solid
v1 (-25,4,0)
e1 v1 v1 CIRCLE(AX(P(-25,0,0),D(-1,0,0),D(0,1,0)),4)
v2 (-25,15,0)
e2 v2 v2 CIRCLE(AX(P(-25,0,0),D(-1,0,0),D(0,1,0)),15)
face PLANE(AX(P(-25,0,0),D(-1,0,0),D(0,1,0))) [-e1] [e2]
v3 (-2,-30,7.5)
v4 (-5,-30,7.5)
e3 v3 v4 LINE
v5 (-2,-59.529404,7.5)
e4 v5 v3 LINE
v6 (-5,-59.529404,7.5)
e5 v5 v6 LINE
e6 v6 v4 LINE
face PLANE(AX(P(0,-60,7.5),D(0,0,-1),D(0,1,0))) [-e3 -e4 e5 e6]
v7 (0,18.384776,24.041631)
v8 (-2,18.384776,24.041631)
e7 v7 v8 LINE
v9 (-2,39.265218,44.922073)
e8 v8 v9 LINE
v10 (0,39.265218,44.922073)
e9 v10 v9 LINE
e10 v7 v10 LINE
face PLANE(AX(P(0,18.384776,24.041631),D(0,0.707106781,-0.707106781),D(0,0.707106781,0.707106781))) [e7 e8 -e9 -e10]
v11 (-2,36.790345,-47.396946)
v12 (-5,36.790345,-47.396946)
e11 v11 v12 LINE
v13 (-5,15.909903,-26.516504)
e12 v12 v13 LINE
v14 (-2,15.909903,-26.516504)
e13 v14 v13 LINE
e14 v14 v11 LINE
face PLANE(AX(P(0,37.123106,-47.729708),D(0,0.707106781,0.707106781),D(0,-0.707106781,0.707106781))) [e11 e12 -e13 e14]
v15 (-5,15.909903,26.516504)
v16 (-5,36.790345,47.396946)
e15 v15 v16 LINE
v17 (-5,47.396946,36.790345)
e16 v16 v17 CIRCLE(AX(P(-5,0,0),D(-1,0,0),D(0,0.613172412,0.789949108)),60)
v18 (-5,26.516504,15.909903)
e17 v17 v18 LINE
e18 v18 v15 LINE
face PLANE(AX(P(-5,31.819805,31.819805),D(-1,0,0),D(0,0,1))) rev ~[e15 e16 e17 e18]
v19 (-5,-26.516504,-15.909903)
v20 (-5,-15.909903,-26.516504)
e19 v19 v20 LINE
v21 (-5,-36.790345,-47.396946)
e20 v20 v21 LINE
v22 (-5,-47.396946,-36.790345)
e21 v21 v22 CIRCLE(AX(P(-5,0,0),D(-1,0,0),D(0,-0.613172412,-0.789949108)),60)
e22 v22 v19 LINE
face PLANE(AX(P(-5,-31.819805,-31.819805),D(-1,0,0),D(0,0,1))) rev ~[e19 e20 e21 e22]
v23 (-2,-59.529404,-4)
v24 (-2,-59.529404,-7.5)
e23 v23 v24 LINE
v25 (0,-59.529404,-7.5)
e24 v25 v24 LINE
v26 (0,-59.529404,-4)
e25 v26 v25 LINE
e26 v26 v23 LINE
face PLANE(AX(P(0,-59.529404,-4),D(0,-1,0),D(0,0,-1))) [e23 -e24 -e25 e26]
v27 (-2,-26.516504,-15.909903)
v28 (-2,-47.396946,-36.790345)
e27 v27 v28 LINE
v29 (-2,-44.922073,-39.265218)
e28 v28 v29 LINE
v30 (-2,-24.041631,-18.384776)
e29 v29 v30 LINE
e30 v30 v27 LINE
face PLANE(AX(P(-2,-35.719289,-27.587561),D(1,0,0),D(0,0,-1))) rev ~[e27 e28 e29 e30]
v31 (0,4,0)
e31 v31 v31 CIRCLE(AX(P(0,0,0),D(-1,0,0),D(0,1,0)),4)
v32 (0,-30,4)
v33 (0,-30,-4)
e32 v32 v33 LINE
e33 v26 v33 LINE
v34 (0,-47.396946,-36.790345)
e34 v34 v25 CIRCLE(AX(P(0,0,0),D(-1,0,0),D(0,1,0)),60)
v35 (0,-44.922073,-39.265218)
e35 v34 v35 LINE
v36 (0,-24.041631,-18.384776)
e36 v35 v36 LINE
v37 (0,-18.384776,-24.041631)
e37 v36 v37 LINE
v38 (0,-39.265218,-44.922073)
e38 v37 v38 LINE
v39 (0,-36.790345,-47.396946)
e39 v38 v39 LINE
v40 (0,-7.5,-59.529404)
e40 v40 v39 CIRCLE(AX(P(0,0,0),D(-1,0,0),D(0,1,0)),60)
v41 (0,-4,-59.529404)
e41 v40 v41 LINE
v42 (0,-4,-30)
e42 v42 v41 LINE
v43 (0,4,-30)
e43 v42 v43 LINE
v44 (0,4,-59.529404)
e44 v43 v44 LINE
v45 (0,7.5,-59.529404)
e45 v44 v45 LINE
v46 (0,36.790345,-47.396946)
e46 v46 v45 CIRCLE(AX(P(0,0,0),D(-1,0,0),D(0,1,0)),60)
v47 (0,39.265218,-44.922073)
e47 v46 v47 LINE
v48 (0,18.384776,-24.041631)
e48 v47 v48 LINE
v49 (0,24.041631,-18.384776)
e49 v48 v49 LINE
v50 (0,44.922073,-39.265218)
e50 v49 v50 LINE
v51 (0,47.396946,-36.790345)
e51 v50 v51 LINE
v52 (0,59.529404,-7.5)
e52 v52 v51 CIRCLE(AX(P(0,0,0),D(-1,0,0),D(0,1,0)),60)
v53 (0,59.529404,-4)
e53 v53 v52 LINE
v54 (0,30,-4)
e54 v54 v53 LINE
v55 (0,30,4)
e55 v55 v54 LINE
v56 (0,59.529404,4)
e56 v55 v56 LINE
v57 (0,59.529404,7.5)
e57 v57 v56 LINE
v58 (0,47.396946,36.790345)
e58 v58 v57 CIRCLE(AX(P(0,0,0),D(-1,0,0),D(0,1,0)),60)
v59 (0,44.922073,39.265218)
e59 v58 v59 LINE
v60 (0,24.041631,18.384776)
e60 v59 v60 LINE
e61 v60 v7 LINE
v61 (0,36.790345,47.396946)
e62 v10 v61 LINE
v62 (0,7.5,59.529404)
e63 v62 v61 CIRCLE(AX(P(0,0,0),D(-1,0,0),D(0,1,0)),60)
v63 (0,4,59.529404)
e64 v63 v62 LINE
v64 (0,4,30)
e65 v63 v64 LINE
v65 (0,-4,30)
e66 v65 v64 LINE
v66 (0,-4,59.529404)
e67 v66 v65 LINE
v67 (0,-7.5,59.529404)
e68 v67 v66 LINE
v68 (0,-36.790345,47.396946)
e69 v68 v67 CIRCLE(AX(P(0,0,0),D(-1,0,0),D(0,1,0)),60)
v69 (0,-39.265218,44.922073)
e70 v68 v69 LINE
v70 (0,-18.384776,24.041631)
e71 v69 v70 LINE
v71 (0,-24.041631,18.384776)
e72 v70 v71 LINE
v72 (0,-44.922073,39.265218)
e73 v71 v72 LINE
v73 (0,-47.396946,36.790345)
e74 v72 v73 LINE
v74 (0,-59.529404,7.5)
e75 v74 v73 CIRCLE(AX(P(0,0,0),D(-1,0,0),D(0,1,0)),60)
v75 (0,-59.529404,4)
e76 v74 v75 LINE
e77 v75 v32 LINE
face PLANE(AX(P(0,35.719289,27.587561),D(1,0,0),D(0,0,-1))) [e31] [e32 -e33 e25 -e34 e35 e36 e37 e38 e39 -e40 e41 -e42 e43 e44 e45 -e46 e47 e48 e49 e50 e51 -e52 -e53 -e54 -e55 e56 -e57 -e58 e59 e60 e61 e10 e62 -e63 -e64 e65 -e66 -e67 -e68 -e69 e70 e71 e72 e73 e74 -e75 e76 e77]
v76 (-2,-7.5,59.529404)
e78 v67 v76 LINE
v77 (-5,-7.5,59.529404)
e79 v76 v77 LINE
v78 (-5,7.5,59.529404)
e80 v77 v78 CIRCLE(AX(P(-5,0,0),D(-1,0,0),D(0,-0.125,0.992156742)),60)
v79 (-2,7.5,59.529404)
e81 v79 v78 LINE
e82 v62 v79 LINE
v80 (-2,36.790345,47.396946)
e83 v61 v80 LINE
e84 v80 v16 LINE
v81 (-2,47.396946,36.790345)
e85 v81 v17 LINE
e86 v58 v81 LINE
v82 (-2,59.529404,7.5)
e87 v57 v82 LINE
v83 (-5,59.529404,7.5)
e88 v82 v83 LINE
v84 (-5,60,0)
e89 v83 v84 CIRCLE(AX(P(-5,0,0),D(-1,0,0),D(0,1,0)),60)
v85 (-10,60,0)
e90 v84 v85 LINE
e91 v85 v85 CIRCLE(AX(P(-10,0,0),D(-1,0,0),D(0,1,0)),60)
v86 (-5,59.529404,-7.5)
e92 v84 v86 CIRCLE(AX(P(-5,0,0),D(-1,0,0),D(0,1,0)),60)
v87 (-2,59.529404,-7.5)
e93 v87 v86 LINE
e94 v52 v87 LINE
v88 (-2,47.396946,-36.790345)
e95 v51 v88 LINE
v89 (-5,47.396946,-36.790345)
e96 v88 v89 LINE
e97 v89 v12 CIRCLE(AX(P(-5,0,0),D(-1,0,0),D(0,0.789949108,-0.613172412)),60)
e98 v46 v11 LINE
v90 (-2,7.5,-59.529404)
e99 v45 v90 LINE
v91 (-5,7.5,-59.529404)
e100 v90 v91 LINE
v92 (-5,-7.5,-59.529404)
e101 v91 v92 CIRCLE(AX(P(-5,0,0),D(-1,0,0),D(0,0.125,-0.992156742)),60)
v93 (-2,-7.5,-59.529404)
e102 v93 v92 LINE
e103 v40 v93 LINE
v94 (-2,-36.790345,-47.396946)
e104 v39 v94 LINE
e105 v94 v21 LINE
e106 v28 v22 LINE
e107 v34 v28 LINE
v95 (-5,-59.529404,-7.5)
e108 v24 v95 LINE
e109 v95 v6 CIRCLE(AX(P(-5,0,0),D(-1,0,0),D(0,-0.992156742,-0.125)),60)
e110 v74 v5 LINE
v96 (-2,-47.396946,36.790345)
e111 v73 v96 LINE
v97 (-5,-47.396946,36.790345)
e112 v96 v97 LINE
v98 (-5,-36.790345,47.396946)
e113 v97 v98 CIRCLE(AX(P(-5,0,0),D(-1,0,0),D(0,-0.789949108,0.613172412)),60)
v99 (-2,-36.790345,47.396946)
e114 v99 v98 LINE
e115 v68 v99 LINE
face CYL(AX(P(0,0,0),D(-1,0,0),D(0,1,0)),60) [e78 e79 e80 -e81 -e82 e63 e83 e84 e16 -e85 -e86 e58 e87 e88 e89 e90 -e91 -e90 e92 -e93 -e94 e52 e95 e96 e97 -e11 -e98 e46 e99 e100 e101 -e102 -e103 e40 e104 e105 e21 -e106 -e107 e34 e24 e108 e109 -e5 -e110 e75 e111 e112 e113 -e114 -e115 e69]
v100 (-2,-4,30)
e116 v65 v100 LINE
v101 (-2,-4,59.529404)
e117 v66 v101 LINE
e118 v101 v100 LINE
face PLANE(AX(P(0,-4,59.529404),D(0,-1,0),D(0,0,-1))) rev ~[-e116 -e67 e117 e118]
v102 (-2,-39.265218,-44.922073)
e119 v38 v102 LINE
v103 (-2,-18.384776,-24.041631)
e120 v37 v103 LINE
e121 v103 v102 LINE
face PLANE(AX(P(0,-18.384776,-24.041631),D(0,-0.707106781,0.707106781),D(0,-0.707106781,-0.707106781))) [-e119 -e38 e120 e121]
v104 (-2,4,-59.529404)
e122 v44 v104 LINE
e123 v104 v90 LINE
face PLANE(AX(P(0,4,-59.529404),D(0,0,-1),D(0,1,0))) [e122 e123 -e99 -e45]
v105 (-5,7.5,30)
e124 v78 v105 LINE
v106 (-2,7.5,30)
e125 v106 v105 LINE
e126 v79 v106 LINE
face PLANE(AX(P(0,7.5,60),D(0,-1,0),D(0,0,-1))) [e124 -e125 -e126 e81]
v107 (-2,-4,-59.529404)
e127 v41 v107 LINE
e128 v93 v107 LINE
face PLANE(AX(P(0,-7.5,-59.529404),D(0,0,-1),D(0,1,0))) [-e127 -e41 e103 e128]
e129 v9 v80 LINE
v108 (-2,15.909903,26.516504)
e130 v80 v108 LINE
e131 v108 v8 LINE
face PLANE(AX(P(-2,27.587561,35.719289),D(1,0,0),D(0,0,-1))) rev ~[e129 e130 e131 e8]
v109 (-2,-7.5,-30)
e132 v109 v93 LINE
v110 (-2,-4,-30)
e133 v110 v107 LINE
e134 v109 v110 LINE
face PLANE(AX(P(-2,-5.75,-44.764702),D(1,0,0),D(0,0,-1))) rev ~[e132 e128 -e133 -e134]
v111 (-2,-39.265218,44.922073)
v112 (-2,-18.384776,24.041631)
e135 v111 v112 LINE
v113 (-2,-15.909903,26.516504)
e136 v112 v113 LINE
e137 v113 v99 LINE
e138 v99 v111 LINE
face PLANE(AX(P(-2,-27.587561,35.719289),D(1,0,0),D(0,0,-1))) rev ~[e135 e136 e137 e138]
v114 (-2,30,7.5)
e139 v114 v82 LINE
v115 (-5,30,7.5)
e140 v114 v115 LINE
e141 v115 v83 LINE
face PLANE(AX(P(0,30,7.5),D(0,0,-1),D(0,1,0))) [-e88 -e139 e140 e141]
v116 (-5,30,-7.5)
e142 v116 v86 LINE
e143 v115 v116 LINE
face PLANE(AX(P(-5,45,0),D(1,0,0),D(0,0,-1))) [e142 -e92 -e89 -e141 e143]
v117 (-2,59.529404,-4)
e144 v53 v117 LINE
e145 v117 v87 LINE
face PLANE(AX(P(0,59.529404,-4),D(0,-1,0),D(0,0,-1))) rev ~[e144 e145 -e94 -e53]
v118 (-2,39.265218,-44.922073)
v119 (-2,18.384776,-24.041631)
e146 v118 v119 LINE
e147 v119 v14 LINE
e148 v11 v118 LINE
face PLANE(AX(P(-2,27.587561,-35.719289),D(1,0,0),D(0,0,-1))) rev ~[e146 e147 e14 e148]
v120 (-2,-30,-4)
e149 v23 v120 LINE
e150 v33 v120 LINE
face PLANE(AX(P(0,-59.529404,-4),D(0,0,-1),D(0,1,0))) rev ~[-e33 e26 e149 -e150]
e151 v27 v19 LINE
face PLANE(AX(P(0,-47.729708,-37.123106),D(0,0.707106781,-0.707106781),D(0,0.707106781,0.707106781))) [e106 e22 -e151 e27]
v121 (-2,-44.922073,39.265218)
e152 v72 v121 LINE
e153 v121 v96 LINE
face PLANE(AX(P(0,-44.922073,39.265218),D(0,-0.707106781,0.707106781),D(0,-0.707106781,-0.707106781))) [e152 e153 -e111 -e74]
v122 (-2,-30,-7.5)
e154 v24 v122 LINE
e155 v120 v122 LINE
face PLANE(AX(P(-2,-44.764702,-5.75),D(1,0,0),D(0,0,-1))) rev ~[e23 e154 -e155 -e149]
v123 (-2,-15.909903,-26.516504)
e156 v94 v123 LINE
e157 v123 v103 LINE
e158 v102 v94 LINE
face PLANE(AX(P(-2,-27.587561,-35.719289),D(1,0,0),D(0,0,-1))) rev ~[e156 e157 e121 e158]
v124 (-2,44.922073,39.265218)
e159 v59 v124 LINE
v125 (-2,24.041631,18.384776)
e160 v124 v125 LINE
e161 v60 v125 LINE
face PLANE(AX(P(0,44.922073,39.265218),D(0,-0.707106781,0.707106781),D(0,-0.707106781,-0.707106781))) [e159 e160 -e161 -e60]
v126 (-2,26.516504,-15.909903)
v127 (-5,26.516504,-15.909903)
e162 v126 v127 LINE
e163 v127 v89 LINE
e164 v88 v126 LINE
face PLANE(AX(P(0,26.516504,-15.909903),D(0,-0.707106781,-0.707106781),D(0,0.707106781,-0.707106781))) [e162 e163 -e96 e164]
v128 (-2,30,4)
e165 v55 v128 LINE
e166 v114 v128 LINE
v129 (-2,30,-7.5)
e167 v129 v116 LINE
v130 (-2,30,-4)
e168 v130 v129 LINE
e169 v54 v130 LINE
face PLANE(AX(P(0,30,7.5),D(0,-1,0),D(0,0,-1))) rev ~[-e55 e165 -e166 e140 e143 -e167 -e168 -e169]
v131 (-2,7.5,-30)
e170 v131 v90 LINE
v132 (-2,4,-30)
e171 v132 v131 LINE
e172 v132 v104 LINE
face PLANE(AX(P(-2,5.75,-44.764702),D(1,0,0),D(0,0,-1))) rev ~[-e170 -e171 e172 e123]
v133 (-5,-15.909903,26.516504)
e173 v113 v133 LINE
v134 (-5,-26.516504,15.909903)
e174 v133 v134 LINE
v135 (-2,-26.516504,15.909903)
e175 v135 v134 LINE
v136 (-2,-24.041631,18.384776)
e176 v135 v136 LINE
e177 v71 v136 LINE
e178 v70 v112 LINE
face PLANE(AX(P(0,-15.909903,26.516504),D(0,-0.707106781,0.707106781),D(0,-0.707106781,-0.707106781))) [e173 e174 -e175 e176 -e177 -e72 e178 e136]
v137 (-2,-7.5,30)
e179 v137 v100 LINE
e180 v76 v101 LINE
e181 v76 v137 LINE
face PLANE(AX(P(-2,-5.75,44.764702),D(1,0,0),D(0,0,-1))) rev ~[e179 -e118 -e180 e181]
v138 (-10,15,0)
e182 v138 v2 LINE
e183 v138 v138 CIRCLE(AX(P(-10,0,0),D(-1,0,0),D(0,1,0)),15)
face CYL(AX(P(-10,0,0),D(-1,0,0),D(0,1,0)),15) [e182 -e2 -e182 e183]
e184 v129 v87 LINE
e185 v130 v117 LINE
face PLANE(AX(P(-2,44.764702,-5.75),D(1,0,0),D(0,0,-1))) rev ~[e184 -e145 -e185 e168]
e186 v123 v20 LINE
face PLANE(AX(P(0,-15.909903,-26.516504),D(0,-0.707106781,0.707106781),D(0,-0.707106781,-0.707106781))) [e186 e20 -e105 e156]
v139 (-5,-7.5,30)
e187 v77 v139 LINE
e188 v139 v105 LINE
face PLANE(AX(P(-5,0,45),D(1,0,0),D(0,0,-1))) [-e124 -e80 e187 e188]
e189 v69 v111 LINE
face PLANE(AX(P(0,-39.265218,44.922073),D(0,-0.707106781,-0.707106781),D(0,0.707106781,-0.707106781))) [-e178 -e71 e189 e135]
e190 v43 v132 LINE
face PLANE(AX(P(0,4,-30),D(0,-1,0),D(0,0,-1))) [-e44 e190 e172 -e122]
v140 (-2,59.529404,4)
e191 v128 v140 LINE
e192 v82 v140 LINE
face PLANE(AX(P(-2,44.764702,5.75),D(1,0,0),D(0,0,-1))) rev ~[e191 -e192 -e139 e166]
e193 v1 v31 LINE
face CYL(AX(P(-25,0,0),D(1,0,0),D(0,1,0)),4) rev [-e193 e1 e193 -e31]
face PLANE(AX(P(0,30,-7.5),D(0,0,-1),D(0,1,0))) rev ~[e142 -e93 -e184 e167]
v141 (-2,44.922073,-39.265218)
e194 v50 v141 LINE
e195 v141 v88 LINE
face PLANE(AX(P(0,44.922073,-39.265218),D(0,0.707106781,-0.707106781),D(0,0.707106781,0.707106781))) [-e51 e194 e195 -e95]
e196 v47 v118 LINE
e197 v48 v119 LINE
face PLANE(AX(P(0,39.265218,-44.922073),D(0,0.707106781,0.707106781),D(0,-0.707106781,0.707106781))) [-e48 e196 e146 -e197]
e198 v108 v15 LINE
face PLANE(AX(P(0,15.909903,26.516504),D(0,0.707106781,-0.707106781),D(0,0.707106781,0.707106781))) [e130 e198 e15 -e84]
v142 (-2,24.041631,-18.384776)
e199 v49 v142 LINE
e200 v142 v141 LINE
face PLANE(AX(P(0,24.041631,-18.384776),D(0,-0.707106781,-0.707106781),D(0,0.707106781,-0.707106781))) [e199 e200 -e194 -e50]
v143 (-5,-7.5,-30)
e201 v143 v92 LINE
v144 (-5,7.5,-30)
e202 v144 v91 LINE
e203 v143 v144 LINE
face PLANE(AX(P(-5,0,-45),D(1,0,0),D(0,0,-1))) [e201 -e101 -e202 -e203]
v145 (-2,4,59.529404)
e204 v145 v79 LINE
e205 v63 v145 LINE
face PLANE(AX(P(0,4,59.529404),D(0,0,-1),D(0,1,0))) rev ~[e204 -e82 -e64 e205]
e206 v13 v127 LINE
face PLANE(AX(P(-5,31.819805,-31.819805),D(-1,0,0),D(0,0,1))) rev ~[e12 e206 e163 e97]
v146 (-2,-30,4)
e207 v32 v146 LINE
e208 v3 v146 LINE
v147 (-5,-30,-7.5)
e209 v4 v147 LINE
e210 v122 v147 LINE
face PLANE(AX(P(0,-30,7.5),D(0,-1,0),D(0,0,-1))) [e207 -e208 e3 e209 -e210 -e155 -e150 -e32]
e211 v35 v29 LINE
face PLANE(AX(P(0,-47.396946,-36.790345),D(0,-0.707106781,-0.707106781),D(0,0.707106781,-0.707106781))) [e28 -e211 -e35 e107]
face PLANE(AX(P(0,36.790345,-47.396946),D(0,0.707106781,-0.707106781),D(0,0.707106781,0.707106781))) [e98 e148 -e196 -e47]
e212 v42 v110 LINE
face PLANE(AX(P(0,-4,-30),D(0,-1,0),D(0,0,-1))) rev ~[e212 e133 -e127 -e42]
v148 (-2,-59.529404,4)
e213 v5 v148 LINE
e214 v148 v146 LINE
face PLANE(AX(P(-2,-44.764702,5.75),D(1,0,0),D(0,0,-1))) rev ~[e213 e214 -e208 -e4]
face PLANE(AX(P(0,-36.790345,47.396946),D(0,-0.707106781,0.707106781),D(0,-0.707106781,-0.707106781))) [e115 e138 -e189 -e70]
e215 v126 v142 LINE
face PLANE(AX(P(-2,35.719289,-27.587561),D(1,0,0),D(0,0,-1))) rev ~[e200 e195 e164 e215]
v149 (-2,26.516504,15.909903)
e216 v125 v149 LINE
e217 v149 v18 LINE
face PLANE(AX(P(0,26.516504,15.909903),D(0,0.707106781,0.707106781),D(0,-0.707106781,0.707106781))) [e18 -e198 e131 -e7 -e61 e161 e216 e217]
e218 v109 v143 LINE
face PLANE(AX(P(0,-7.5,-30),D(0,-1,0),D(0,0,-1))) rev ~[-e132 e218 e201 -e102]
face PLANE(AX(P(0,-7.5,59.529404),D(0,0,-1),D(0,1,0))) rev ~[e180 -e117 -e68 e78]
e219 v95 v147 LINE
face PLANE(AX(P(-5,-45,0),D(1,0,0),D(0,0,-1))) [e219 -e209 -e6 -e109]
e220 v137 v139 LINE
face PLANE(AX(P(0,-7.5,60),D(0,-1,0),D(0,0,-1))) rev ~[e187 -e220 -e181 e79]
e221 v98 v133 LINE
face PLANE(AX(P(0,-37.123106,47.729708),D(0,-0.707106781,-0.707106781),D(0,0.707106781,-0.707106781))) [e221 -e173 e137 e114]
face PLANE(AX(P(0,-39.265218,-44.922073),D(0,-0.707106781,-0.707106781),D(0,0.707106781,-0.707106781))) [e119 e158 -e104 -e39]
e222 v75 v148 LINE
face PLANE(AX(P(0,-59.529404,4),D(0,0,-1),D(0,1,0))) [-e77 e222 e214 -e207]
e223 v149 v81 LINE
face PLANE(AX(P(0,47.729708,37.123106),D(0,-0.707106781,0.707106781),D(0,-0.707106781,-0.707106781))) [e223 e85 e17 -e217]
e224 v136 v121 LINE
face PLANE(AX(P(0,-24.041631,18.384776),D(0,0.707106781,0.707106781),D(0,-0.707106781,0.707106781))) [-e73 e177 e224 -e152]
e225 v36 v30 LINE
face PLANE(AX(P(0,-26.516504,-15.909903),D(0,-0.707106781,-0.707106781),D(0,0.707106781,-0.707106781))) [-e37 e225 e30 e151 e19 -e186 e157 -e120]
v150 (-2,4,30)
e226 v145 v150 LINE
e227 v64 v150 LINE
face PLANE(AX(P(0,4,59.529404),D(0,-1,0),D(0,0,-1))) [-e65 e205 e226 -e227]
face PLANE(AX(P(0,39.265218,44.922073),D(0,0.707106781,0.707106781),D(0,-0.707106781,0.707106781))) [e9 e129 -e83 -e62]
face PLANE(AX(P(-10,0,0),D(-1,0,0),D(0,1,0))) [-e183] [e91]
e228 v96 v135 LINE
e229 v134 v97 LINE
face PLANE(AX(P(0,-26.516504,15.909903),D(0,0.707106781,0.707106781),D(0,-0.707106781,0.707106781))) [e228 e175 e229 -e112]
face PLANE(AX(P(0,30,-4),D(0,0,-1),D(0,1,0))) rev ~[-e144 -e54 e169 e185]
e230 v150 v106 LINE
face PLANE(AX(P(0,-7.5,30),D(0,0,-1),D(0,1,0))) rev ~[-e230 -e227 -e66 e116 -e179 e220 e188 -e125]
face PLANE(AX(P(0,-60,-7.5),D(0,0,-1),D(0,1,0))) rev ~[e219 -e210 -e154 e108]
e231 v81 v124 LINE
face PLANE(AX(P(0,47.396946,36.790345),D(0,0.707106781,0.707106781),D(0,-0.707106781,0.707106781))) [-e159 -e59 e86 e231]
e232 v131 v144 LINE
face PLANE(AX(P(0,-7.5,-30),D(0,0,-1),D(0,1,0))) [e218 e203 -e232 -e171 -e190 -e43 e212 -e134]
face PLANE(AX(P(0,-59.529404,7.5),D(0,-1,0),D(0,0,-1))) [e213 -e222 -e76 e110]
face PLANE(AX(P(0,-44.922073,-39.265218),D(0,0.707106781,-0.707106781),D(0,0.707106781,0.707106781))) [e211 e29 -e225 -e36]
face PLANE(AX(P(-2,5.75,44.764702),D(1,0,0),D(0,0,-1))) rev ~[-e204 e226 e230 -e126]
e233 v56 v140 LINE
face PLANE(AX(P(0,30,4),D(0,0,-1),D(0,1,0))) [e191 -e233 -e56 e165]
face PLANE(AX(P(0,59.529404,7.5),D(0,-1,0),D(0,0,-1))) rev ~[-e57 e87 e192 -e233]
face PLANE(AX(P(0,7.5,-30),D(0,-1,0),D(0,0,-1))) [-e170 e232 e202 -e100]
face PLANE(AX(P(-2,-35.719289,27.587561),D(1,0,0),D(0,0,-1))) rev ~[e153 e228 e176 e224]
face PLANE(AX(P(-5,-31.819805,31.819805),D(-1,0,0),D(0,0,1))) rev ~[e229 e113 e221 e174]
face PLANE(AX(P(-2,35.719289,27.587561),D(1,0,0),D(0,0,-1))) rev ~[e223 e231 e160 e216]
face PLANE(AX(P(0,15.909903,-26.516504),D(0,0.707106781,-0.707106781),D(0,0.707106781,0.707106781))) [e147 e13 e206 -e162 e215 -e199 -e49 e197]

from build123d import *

# Parameters (mm, degrees)
SKETCH2_W           = 15
SKETCH2_H           = 30
SKETCH2_W_2         = 30
SKETCH2_H_2         = 15
CUT_EXTRUDE1_DEPTH  = 5
SKETCH3_W           = 29.529404499
SKETCH3_H           = 3.5
SKETCH3_W_2         = 3.5
SKETCH3_H_2         = 29.529404499
BOSS_EXTRUDE1_DEPTH = 2


with BuildPart() as part:
    # Sketch1 → Revolve2 (revolve)
    with BuildSketch(Plane.XY):
        Polygon((0, 4), (0, 60), (-10, 60), (-10, 15), (-25, 15), (-25, 4), align=None)
    revolve(axis=Axis((0, 0, 0), (-1, 0, 0)))

    # Sketch2 → Cut-Extrude1 (cut)
    with BuildSketch(Plane(origin=(0, 0, 0), x_dir=(0, 0, -1), z_dir=(1, 0, 0))):
        Polygon((15.909902577, 26.516504294), (37.123106012, 47.72970773), (47.72970773, 37.123106012), (26.516504294, 15.909902577), align=None)
        with Locations((0, 45)):
            Rectangle(SKETCH2_W, SKETCH2_H)
        with Locations((45, 0)):
            Rectangle(SKETCH2_W_2, SKETCH2_H_2)
        Polygon((26.516504295, -15.909902577), (47.72970773, -37.123106012), (37.123106012, -47.72970773), (15.909902577, -26.516504294), align=None)
        with Locations((0, -45)):
            Rectangle(SKETCH2_W, SKETCH2_H)
        Polygon((-15.909902577, -26.516504294), (-37.123106012, -47.72970773), (-47.72970773, -37.123106012), (-26.516504294, -15.909902577), align=None)
        with Locations((-45, 0)):
            Rectangle(SKETCH2_W_2, SKETCH2_H_2)
        Polygon((-26.516504294, 15.909902577), (-47.72970773, 37.123106012), (-37.123106012, 47.72970773), (-15.909902577, 26.516504294), align=None)
    extrude(amount=-CUT_EXTRUDE1_DEPTH, mode=Mode.SUBTRACT)

    # Sketch3 → Boss-Extrude1 (add)
    with BuildSketch(Plane(origin=(0, 0, 0), x_dir=(0, 0, -1), z_dir=(1, 0, 0))):
        Polygon((-15.909902577, 26.516504294), (-36.790344742, 47.39694646), (-39.265218476, 44.922072726), (-18.384776311, 24.04163056), align=None)
        Polygon((-24.04163056, 18.384776311), (-44.922072726, 39.265218476), (-47.39694646, 36.790344742), (-26.516504294, 15.909902577), align=None)
        with Locations((-44.76470225, 5.75)):
            Rectangle(SKETCH3_W, SKETCH3_H)
        with Locations((-44.76470225, -5.75)):
            Rectangle(SKETCH3_W, SKETCH3_H)
        Polygon((-26.516504294, -15.909902577), (-47.39694646, -36.790344742), (-44.922072726, -39.265218476), (-24.04163056, -18.384776311), align=None)
        Polygon((-18.384776311, -24.04163056), (-39.265218476, -44.922072726), (-36.790344742, -47.39694646), (-15.909902577, -26.516504294), align=None)
        with Locations((-5.75, -44.76470225)):
            Rectangle(SKETCH3_W_2, SKETCH3_H_2)
        with Locations((5.75, -44.76470225)):
            Rectangle(SKETCH3_W_2, SKETCH3_H_2)
        Polygon((36.790344742, -47.39694646), (39.265218476, -44.922072726), (18.384776311, -24.04163056), (15.909902577, -26.516504294), align=None)
        Polygon((44.922072726, -39.265218476), (47.39694646, -36.790344742), (26.516504295, -15.909902577), (24.04163056, -18.384776311), align=None)
        with Locations((44.76470225, -5.75)):
            Rectangle(SKETCH3_W, SKETCH3_H)
        with Locations((44.76470225, 5.75)):
            Rectangle(SKETCH3_W, SKETCH3_H)
        Polygon((47.39694646, 36.790344742), (44.922072726, 39.265218476), (24.04163056, 18.384776311), (26.516504294, 15.909902577), align=None)
        Polygon((39.265218476, 44.922072726), (36.790344742, 47.39694646), (15.909902577, 26.516504294), (18.384776311, 24.04163056), align=None)
        with Locations((5.75, 44.76470225)):
            Rectangle(SKETCH3_W_2, SKETCH3_H_2)
        with Locations((-5.75, 44.76470225)):
            Rectangle(SKETCH3_W_2, SKETCH3_H_2)
    extrude(amount=-BOSS_EXTRUDE1_DEPTH)


solid = part.part
